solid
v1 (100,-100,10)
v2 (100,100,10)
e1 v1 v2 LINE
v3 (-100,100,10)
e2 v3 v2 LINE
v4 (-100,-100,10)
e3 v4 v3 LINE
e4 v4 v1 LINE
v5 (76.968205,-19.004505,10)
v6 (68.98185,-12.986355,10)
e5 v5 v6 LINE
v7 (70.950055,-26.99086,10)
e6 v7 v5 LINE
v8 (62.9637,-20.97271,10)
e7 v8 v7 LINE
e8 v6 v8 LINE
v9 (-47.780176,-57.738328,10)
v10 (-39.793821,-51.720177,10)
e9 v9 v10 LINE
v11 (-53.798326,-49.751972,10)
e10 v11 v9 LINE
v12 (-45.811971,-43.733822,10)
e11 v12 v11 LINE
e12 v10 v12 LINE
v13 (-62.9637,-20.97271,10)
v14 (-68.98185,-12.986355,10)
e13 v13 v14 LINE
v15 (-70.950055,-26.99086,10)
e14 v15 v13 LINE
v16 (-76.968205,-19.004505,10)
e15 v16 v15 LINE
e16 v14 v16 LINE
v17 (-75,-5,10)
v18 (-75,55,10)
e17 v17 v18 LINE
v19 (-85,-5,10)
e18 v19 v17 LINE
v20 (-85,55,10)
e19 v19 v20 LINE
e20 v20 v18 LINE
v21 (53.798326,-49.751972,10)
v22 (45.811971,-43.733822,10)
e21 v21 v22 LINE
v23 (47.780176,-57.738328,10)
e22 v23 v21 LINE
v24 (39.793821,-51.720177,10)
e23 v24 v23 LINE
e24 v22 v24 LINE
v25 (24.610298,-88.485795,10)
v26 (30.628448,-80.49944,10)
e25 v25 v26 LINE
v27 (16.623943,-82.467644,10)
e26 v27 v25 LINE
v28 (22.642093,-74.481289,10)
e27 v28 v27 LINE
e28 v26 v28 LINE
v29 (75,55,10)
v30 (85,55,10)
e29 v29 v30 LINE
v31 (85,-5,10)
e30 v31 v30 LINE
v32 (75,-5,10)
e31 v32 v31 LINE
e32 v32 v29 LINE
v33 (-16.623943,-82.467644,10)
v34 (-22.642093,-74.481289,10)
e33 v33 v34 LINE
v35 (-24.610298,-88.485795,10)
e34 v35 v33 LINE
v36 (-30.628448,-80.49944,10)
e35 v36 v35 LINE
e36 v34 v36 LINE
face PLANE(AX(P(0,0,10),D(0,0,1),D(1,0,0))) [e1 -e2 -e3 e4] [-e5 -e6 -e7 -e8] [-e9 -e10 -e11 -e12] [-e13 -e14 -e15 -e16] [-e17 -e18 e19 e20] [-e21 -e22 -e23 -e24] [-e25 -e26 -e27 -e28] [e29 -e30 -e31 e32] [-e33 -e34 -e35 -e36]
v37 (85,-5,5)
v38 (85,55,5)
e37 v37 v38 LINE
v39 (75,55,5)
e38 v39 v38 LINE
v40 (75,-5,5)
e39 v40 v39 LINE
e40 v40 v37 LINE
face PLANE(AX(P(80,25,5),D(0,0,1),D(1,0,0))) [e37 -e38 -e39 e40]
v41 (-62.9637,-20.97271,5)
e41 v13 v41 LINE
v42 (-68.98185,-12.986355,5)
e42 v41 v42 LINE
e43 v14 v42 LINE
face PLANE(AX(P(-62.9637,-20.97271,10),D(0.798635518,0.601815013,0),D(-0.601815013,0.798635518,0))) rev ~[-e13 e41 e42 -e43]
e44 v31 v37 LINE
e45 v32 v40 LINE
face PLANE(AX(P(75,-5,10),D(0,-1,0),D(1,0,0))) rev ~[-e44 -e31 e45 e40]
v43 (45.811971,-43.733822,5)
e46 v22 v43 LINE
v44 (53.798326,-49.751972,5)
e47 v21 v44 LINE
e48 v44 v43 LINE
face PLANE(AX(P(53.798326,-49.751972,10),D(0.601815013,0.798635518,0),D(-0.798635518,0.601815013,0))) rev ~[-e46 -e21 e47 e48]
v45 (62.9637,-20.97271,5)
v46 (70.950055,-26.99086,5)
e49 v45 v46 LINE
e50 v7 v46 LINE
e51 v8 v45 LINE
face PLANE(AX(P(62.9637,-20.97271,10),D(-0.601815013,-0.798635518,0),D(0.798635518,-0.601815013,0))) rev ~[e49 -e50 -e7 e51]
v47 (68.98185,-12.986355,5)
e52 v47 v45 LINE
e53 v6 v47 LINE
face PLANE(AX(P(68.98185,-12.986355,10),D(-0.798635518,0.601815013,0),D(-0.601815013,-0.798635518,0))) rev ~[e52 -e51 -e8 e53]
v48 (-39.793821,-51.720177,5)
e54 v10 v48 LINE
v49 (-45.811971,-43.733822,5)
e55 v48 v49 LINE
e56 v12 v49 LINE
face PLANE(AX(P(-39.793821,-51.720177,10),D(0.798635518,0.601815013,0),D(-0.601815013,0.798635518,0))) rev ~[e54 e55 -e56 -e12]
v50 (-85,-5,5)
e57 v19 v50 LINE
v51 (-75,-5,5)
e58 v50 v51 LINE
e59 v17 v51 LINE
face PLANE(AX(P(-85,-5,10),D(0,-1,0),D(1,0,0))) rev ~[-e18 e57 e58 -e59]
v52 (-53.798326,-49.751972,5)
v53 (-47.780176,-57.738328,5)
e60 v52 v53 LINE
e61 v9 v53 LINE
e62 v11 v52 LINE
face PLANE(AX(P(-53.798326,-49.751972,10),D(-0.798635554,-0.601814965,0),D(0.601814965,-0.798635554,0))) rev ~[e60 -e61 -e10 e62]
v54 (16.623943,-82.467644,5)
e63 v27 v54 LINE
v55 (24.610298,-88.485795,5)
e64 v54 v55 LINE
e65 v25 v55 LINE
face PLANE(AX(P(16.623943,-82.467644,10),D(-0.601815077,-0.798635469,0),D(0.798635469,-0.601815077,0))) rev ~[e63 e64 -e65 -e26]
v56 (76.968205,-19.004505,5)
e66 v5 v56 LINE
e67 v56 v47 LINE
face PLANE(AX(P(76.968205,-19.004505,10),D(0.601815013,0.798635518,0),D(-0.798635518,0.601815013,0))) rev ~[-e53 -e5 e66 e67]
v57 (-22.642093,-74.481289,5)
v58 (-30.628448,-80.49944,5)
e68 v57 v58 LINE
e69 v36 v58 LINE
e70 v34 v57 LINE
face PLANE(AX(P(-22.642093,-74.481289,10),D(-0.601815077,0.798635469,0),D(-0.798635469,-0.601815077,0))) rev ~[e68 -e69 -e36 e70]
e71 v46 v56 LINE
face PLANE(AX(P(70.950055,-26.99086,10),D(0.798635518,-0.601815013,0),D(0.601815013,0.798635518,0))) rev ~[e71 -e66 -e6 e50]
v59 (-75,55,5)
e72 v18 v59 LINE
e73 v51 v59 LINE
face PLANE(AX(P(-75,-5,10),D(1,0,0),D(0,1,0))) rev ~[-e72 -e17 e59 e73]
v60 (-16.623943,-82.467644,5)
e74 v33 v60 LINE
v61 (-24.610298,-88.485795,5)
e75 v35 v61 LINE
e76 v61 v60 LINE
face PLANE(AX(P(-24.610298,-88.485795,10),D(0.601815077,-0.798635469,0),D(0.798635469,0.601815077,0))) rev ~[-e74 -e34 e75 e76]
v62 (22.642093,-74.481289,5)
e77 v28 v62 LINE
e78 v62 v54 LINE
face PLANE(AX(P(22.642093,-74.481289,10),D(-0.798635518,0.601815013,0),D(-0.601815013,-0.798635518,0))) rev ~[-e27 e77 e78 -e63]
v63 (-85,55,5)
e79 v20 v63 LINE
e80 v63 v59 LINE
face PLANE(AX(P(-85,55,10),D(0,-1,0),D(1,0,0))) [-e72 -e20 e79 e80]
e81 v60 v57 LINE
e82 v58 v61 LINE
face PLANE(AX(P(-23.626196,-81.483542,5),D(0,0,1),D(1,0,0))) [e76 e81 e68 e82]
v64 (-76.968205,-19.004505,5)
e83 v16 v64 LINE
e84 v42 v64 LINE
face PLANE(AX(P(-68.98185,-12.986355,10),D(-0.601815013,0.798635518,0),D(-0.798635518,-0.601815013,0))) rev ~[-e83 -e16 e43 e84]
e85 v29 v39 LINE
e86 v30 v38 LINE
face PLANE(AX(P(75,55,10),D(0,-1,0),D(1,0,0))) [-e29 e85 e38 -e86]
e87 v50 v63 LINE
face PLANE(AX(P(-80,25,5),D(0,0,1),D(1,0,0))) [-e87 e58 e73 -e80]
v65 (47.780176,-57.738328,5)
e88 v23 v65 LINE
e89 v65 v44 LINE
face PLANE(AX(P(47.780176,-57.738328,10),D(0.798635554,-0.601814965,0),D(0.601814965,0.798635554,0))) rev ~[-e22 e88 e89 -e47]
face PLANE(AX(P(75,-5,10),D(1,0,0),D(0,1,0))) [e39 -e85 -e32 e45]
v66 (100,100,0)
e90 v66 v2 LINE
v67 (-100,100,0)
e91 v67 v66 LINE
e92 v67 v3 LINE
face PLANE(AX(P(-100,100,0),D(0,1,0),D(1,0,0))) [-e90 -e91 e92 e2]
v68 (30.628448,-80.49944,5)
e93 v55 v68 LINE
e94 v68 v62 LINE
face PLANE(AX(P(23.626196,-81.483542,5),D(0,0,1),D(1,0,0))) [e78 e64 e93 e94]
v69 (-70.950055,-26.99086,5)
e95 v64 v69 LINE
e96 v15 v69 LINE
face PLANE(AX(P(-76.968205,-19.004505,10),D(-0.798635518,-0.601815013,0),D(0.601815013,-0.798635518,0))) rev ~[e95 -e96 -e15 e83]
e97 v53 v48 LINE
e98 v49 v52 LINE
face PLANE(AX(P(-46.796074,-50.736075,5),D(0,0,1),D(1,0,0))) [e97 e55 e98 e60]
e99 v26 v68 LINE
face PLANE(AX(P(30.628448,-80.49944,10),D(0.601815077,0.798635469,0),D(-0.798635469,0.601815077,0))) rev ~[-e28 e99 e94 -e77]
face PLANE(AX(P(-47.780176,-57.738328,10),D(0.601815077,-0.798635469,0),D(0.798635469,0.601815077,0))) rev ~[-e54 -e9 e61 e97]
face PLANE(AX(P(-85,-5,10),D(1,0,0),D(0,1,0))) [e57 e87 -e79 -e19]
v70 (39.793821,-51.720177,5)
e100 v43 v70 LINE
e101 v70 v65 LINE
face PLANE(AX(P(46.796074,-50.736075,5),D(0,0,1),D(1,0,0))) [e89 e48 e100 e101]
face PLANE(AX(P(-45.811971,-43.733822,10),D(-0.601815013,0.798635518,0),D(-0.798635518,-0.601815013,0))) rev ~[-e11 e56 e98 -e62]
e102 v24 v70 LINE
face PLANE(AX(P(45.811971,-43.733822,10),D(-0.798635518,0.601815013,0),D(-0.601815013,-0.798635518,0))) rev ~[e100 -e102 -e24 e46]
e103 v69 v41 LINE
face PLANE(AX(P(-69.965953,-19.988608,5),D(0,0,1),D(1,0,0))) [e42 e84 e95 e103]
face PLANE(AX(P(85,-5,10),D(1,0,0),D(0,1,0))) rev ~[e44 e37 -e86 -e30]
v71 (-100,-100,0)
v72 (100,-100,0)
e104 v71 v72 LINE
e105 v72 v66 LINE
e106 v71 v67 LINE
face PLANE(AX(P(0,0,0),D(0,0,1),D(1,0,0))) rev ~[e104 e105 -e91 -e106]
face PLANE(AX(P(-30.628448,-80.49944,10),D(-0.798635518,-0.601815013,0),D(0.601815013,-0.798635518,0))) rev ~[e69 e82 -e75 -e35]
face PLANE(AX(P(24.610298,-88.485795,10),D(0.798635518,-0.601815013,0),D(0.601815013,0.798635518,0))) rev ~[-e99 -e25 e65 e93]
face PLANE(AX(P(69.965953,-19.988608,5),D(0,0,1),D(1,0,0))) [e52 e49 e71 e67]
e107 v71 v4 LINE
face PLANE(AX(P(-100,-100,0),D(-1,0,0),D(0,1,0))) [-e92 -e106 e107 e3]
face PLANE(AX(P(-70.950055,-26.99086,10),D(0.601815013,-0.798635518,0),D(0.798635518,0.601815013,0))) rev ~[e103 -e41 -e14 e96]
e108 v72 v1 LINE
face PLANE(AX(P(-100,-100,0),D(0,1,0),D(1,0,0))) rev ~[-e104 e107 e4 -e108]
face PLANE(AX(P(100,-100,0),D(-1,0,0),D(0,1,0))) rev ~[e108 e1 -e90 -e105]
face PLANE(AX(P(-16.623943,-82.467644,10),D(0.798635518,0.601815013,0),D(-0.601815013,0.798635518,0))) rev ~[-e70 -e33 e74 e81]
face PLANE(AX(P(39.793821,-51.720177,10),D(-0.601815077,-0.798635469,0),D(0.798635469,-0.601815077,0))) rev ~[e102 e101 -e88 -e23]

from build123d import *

# Parameters (mm, degrees)
F0_W     = 200
F0_H     = 200
F1_DEPTH = 10
F2_W     = 10
F2_H     = 60
F3_DEPTH = 5


with BuildPart() as f1:
    # F0 (on Top) → F1 (new body)
    with BuildSketch(Plane.XY):
        Rectangle(F0_W, F0_H)
    extrude(amount=F1_DEPTH)

    # F2 (on face) → F3 (cut)
    with BuildSketch(Plane.XY.offset(10)):
        with Locations((-80, 25)):
            Rectangle(F2_W, F2_H)
        with Locations((80, 25)):
            Rectangle(F2_W, F2_H)
        Polygon((-68.98185, -12.986355), (-76.968205, -19.004505), (-70.950055, -26.99086), (-62.9637, -20.97271), align=None)
        Polygon((-45.811971, -43.733822), (-53.798326, -49.751972), (-47.780176, -57.738328), (-39.793821, -51.720177), align=None)
        Polygon((-22.642093, -74.481289), (-30.628448, -80.49944), (-24.610298, -88.485795), (-16.623943, -82.467644), align=None)
        Polygon((22.642093, -74.481289), (16.623943, -82.467644), (24.610298, -88.485795), (30.628448, -80.49944), align=None)
        Polygon((76.968205, -19.004505), (68.98185, -12.986355), (62.9637, -20.97271), (70.950055, -26.99086), align=None)
        Polygon((47.780176, -57.738328), (53.798326, -49.751972), (45.811971, -43.733822), (39.793821, -51.720177), align=None)
    extrude(amount=-F3_DEPTH, mode=Mode.SUBTRACT)


solid = f1.part
